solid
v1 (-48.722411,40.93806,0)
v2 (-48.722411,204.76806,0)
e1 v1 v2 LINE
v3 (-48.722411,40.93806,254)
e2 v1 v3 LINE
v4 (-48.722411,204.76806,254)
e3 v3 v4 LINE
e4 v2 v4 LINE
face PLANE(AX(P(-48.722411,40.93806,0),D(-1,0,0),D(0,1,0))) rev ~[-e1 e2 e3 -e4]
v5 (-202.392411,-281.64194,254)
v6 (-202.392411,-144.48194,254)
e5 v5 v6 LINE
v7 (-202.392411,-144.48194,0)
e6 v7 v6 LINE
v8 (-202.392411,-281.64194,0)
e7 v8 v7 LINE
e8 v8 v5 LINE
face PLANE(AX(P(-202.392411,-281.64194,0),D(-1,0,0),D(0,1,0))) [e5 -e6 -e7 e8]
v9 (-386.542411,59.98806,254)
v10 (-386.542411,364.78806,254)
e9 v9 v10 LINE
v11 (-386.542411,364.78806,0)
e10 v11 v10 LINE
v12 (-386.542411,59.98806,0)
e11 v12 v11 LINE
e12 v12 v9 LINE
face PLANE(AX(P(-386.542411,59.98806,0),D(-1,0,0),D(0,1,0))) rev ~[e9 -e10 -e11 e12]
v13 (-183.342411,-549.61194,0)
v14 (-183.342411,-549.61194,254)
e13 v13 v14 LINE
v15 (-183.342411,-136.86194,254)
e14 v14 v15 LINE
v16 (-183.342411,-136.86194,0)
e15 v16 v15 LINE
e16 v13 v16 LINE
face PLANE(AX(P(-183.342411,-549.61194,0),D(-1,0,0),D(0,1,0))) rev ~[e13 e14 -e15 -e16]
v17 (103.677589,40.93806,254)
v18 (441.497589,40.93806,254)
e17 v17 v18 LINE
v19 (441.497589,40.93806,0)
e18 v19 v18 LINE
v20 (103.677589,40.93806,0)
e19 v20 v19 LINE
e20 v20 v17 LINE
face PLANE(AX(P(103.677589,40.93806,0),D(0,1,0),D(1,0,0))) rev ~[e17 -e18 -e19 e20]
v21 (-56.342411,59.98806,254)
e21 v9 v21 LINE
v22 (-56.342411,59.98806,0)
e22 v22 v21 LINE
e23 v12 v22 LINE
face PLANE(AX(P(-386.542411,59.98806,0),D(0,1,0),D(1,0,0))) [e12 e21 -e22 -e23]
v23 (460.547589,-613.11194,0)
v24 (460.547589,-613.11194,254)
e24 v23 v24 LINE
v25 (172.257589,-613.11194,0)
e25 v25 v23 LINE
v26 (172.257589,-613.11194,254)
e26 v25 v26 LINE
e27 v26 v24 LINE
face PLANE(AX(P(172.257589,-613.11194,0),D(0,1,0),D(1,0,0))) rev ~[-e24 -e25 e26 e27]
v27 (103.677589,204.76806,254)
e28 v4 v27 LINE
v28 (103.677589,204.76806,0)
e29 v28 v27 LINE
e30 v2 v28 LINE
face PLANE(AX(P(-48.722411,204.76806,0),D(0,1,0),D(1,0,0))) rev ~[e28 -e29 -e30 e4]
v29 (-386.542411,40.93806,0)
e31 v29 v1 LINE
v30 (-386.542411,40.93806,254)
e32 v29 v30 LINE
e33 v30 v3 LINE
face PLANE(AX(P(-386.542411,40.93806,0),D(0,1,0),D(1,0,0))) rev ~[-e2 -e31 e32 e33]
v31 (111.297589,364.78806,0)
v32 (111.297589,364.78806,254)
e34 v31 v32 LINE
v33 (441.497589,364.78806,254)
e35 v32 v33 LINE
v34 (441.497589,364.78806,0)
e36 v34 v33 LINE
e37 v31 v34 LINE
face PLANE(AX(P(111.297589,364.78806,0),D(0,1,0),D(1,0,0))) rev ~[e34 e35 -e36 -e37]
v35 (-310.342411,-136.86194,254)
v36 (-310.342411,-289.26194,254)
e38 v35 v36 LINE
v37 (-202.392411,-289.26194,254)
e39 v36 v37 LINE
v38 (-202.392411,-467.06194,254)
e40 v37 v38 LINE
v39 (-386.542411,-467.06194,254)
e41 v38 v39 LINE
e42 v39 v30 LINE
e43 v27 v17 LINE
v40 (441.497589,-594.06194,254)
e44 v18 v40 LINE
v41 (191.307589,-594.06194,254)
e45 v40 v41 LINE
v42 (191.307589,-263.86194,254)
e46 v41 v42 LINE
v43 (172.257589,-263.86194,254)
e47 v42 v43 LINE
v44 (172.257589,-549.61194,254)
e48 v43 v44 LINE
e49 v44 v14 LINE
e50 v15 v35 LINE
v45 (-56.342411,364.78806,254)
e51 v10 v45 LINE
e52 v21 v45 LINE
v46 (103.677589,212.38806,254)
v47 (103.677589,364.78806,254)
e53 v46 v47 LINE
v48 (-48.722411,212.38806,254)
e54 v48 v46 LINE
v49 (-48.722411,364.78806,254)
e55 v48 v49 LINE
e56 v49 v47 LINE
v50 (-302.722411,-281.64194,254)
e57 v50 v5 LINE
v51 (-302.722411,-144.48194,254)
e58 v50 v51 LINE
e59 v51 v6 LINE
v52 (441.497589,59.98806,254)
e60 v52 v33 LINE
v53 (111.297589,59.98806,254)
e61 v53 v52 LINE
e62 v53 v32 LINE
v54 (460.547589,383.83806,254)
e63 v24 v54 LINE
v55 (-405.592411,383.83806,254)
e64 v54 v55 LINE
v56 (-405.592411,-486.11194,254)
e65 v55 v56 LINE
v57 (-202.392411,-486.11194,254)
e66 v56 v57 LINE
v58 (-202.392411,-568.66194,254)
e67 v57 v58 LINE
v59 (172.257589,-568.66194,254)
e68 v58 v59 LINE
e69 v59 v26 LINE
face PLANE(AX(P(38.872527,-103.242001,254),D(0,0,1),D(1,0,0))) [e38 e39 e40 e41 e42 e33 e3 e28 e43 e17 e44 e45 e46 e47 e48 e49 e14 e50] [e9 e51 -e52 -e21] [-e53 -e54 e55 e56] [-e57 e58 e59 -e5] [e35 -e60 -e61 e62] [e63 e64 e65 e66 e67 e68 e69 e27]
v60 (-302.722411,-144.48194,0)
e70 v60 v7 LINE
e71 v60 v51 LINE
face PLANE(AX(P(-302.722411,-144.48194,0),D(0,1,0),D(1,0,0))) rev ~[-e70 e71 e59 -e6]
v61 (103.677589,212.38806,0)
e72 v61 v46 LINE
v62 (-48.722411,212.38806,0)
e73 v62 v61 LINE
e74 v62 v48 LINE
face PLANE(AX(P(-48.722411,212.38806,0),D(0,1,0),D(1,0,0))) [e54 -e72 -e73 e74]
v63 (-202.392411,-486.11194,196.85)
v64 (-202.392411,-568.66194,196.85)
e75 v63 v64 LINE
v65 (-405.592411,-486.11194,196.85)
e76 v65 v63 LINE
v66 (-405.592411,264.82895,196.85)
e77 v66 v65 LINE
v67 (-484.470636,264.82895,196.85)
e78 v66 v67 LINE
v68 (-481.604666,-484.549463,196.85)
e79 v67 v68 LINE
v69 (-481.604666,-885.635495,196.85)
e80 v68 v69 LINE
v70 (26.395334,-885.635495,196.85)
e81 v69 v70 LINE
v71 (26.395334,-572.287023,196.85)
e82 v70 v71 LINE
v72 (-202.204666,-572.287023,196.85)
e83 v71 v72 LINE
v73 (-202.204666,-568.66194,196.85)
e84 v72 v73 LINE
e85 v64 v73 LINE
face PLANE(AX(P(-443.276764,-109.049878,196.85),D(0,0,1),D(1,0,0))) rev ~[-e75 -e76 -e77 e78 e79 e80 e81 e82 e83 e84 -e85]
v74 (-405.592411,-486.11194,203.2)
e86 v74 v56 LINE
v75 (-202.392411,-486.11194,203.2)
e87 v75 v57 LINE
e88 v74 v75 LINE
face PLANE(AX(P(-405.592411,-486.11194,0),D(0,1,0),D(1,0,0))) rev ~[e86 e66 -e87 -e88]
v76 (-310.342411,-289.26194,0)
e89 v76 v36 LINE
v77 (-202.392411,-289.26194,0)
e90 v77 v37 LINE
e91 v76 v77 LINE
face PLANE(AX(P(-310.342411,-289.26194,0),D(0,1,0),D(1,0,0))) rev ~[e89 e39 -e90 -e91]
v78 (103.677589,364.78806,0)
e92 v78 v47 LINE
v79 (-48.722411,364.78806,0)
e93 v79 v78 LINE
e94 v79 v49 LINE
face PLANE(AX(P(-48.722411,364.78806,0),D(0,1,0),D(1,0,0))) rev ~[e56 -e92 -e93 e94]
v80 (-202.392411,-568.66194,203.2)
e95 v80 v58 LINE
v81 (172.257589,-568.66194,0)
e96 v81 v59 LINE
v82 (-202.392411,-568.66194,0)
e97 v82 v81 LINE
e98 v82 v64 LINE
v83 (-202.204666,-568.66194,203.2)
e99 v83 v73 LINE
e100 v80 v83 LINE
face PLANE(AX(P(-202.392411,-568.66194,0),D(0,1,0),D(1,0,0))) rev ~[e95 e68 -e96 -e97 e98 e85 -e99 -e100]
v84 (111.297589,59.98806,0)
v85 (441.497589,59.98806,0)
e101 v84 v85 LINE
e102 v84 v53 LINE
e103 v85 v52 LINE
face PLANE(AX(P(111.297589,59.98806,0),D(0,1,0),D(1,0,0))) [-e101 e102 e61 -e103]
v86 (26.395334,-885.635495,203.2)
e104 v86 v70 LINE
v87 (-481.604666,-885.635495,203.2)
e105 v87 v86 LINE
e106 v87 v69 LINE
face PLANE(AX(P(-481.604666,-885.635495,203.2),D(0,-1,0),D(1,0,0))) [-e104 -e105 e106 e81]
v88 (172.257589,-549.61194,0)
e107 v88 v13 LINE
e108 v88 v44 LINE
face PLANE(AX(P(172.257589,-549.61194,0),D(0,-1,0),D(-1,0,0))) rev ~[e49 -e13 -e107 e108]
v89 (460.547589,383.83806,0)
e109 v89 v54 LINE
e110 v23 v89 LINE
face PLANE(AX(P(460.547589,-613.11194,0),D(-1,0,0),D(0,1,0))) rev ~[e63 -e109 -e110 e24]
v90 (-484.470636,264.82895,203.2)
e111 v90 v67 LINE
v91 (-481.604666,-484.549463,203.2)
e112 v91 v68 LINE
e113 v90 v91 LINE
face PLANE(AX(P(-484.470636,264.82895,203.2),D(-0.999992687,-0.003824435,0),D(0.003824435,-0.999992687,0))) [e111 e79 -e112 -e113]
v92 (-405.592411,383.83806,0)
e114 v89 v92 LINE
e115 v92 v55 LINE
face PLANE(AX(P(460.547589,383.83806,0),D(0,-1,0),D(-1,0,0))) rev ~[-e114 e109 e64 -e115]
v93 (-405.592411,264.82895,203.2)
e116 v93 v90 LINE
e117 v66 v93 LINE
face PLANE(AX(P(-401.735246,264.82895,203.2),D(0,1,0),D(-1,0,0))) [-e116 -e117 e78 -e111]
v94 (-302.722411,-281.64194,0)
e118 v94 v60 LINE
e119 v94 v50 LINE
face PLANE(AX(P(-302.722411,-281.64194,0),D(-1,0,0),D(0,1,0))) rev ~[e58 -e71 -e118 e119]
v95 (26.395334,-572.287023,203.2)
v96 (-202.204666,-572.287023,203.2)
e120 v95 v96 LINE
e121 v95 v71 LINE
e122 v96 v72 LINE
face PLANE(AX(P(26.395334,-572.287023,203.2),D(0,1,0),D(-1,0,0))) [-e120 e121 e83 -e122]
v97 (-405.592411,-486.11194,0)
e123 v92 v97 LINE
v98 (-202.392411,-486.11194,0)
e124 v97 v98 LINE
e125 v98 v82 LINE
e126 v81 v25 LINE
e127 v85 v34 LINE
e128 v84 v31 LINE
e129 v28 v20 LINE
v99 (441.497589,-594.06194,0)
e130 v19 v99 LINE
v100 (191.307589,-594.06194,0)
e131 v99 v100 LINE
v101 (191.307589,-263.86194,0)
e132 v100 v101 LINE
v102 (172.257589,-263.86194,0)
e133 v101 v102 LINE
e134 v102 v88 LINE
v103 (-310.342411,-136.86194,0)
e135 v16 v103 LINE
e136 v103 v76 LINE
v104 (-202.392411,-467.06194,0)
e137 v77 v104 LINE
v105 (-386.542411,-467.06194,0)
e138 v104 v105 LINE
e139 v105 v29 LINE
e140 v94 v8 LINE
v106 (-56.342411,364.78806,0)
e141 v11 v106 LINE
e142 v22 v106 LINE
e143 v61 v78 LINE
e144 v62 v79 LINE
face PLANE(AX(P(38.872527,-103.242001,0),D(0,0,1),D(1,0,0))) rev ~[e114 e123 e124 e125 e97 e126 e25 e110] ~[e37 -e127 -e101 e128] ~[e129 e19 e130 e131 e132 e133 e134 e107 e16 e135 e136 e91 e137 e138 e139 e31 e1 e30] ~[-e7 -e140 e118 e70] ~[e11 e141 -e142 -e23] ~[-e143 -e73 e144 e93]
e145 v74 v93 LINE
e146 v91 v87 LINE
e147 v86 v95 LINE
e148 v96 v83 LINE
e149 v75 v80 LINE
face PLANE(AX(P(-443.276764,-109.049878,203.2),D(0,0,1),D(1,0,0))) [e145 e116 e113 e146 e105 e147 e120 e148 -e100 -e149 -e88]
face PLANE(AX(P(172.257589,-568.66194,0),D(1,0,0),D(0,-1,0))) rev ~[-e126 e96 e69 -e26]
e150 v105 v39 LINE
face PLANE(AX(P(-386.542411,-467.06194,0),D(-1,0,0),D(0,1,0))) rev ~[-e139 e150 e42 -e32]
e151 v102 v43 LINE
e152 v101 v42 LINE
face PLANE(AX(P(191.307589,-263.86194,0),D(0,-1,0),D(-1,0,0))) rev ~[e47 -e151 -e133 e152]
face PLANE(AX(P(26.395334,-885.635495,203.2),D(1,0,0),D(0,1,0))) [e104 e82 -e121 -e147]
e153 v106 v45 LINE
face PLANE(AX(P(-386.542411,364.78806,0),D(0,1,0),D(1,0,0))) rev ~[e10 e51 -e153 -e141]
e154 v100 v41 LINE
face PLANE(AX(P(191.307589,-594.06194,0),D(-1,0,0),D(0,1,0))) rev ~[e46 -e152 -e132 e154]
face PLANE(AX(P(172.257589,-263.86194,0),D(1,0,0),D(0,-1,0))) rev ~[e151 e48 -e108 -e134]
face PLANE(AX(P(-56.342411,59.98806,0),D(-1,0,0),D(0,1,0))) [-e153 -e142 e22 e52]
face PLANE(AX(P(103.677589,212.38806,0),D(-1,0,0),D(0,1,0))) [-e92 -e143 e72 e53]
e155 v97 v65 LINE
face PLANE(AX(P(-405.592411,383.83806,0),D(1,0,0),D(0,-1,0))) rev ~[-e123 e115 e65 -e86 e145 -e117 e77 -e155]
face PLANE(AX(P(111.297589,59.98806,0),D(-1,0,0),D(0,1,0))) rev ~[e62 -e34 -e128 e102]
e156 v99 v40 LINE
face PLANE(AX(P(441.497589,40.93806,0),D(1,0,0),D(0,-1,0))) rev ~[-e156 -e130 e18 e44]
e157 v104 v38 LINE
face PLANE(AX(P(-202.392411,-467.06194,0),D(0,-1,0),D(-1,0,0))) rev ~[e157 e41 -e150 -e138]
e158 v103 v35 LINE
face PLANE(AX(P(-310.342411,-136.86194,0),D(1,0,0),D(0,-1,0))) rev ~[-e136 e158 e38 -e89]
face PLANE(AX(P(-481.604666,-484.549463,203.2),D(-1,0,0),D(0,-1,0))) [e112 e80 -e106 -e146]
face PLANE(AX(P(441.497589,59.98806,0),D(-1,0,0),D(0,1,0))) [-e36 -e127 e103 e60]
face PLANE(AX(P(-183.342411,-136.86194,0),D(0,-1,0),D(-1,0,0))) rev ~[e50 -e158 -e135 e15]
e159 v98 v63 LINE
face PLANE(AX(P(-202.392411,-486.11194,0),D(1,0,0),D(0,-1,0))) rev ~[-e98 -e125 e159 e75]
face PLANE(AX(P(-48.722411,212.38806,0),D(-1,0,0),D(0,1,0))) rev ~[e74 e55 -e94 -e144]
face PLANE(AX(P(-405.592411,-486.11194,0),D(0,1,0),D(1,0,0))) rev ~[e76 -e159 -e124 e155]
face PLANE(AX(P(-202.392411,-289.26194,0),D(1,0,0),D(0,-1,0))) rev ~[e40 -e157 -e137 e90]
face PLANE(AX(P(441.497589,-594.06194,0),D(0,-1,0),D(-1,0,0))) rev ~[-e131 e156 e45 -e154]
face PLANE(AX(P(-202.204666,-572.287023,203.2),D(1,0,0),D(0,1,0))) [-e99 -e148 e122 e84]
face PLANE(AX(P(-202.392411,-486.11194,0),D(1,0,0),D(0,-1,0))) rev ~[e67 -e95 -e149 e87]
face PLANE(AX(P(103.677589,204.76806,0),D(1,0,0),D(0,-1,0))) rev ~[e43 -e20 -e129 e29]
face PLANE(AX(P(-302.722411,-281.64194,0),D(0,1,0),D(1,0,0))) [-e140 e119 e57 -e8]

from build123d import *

# Parameters (mm, degrees)
F0_W     = 100.33
F0_H     = 137.16
F0_W_2   = 330.2
F0_H_2   = 304.8
F0_W_3   = 152.4
F0_H_3   = 152.4
F1_DEPTH = 254
F4_DEPTH = 6.35
F6_DEPTH = 6.35


with BuildPart() as f1:
    # F0 (on Top) → F1 (new body)
    with BuildSketch(Plane.XY):
        Polygon((460.5475887705, 383.838060368), (-405.5924112295, 383.838060368), (-405.5924112295, 40.938060368), (-405.5924112295, -486.111939632), (-202.3924112295, -486.111939632), (-202.3924112295, -568.661939632), (26.2075887705, -568.661939632), (172.2575887705, -568.661939632), (172.2575887705, -613.111939632), (460.5475887705, -613.111939632), (460.5475887705, -282.911939632), align=None)
        with Locations((-252.5574112295, -213.061939632)):
            Rectangle(F0_W, F0_H, mode=Mode.SUBTRACT)
        with Locations((-221.4424112295, 212.388060368)):
            Rectangle(F0_W_2, F0_H_2, mode=Mode.SUBTRACT)
        Polygon((-386.5424112295, -467.061939632), (-386.5424112295, 40.938060368), (-48.7224112295, 40.938060368), (-48.7224112295, 204.768060368), (103.6775887705, 204.768060368), (103.6775887705, 40.938060368), (281.4775887705, 40.938060368), (289.0975887705, 40.938060368), (441.4975887705, 40.938060368), (441.4975887705, -86.061939632), (441.4975887705, -93.681939632), (441.4975887705, -263.861939632), (441.4975887705, -594.061939632), (191.3075887705, -594.061939632), (191.3075887705, -263.861939632), (172.2575887705, -263.861939632), (172.2575887705, -549.611939632), (-183.3424112295, -549.611939632), (-183.3424112295, -486.111939632), (-183.3424112295, -136.861939632), (-310.3424112295, -136.861939632), (-310.3424112295, -289.261939632), (-202.3924112295, -289.261939632), (-202.3924112295, -467.061939632), align=None, mode=Mode.SUBTRACT)
        with Locations((27.4775887705, 288.588060368)):
            Rectangle(F0_W_3, F0_H_3, mode=Mode.SUBTRACT)
        with Locations((276.3975887705, 212.388060368)):
            Rectangle(F0_W_2, F0_H_2, mode=Mode.SUBTRACT)
    extrude(amount=F1_DEPTH)

    # F3 (on offset) → F4 (join)
    with BuildSketch(Plane.XY.offset(203.2)):
        Polygon((-202.2046655178, -572.2870230675), (-202.2046655178, -484.5494627953), (-481.6046655178, -484.5494627953), (-481.6046655178, -885.6354951859), (26.3953344822, -885.6354951859), (26.3953344822, -572.2870230675), align=None)
    extrude(amount=-F4_DEPTH)

    # F5 (on face) → F6 (join)
    with BuildSketch(Plane.XY.offset(203.2)):
        Polygon((-484.4706356525, 264.8289501667), (-481.6046655178, -484.5494627953), (-405.5924112295, -484.5494627953), (-405.5924112295, -486.111939632), (-401.7352461815, 264.8289501667), align=None)
    extrude(amount=-F6_DEPTH)


solid = f1.part
